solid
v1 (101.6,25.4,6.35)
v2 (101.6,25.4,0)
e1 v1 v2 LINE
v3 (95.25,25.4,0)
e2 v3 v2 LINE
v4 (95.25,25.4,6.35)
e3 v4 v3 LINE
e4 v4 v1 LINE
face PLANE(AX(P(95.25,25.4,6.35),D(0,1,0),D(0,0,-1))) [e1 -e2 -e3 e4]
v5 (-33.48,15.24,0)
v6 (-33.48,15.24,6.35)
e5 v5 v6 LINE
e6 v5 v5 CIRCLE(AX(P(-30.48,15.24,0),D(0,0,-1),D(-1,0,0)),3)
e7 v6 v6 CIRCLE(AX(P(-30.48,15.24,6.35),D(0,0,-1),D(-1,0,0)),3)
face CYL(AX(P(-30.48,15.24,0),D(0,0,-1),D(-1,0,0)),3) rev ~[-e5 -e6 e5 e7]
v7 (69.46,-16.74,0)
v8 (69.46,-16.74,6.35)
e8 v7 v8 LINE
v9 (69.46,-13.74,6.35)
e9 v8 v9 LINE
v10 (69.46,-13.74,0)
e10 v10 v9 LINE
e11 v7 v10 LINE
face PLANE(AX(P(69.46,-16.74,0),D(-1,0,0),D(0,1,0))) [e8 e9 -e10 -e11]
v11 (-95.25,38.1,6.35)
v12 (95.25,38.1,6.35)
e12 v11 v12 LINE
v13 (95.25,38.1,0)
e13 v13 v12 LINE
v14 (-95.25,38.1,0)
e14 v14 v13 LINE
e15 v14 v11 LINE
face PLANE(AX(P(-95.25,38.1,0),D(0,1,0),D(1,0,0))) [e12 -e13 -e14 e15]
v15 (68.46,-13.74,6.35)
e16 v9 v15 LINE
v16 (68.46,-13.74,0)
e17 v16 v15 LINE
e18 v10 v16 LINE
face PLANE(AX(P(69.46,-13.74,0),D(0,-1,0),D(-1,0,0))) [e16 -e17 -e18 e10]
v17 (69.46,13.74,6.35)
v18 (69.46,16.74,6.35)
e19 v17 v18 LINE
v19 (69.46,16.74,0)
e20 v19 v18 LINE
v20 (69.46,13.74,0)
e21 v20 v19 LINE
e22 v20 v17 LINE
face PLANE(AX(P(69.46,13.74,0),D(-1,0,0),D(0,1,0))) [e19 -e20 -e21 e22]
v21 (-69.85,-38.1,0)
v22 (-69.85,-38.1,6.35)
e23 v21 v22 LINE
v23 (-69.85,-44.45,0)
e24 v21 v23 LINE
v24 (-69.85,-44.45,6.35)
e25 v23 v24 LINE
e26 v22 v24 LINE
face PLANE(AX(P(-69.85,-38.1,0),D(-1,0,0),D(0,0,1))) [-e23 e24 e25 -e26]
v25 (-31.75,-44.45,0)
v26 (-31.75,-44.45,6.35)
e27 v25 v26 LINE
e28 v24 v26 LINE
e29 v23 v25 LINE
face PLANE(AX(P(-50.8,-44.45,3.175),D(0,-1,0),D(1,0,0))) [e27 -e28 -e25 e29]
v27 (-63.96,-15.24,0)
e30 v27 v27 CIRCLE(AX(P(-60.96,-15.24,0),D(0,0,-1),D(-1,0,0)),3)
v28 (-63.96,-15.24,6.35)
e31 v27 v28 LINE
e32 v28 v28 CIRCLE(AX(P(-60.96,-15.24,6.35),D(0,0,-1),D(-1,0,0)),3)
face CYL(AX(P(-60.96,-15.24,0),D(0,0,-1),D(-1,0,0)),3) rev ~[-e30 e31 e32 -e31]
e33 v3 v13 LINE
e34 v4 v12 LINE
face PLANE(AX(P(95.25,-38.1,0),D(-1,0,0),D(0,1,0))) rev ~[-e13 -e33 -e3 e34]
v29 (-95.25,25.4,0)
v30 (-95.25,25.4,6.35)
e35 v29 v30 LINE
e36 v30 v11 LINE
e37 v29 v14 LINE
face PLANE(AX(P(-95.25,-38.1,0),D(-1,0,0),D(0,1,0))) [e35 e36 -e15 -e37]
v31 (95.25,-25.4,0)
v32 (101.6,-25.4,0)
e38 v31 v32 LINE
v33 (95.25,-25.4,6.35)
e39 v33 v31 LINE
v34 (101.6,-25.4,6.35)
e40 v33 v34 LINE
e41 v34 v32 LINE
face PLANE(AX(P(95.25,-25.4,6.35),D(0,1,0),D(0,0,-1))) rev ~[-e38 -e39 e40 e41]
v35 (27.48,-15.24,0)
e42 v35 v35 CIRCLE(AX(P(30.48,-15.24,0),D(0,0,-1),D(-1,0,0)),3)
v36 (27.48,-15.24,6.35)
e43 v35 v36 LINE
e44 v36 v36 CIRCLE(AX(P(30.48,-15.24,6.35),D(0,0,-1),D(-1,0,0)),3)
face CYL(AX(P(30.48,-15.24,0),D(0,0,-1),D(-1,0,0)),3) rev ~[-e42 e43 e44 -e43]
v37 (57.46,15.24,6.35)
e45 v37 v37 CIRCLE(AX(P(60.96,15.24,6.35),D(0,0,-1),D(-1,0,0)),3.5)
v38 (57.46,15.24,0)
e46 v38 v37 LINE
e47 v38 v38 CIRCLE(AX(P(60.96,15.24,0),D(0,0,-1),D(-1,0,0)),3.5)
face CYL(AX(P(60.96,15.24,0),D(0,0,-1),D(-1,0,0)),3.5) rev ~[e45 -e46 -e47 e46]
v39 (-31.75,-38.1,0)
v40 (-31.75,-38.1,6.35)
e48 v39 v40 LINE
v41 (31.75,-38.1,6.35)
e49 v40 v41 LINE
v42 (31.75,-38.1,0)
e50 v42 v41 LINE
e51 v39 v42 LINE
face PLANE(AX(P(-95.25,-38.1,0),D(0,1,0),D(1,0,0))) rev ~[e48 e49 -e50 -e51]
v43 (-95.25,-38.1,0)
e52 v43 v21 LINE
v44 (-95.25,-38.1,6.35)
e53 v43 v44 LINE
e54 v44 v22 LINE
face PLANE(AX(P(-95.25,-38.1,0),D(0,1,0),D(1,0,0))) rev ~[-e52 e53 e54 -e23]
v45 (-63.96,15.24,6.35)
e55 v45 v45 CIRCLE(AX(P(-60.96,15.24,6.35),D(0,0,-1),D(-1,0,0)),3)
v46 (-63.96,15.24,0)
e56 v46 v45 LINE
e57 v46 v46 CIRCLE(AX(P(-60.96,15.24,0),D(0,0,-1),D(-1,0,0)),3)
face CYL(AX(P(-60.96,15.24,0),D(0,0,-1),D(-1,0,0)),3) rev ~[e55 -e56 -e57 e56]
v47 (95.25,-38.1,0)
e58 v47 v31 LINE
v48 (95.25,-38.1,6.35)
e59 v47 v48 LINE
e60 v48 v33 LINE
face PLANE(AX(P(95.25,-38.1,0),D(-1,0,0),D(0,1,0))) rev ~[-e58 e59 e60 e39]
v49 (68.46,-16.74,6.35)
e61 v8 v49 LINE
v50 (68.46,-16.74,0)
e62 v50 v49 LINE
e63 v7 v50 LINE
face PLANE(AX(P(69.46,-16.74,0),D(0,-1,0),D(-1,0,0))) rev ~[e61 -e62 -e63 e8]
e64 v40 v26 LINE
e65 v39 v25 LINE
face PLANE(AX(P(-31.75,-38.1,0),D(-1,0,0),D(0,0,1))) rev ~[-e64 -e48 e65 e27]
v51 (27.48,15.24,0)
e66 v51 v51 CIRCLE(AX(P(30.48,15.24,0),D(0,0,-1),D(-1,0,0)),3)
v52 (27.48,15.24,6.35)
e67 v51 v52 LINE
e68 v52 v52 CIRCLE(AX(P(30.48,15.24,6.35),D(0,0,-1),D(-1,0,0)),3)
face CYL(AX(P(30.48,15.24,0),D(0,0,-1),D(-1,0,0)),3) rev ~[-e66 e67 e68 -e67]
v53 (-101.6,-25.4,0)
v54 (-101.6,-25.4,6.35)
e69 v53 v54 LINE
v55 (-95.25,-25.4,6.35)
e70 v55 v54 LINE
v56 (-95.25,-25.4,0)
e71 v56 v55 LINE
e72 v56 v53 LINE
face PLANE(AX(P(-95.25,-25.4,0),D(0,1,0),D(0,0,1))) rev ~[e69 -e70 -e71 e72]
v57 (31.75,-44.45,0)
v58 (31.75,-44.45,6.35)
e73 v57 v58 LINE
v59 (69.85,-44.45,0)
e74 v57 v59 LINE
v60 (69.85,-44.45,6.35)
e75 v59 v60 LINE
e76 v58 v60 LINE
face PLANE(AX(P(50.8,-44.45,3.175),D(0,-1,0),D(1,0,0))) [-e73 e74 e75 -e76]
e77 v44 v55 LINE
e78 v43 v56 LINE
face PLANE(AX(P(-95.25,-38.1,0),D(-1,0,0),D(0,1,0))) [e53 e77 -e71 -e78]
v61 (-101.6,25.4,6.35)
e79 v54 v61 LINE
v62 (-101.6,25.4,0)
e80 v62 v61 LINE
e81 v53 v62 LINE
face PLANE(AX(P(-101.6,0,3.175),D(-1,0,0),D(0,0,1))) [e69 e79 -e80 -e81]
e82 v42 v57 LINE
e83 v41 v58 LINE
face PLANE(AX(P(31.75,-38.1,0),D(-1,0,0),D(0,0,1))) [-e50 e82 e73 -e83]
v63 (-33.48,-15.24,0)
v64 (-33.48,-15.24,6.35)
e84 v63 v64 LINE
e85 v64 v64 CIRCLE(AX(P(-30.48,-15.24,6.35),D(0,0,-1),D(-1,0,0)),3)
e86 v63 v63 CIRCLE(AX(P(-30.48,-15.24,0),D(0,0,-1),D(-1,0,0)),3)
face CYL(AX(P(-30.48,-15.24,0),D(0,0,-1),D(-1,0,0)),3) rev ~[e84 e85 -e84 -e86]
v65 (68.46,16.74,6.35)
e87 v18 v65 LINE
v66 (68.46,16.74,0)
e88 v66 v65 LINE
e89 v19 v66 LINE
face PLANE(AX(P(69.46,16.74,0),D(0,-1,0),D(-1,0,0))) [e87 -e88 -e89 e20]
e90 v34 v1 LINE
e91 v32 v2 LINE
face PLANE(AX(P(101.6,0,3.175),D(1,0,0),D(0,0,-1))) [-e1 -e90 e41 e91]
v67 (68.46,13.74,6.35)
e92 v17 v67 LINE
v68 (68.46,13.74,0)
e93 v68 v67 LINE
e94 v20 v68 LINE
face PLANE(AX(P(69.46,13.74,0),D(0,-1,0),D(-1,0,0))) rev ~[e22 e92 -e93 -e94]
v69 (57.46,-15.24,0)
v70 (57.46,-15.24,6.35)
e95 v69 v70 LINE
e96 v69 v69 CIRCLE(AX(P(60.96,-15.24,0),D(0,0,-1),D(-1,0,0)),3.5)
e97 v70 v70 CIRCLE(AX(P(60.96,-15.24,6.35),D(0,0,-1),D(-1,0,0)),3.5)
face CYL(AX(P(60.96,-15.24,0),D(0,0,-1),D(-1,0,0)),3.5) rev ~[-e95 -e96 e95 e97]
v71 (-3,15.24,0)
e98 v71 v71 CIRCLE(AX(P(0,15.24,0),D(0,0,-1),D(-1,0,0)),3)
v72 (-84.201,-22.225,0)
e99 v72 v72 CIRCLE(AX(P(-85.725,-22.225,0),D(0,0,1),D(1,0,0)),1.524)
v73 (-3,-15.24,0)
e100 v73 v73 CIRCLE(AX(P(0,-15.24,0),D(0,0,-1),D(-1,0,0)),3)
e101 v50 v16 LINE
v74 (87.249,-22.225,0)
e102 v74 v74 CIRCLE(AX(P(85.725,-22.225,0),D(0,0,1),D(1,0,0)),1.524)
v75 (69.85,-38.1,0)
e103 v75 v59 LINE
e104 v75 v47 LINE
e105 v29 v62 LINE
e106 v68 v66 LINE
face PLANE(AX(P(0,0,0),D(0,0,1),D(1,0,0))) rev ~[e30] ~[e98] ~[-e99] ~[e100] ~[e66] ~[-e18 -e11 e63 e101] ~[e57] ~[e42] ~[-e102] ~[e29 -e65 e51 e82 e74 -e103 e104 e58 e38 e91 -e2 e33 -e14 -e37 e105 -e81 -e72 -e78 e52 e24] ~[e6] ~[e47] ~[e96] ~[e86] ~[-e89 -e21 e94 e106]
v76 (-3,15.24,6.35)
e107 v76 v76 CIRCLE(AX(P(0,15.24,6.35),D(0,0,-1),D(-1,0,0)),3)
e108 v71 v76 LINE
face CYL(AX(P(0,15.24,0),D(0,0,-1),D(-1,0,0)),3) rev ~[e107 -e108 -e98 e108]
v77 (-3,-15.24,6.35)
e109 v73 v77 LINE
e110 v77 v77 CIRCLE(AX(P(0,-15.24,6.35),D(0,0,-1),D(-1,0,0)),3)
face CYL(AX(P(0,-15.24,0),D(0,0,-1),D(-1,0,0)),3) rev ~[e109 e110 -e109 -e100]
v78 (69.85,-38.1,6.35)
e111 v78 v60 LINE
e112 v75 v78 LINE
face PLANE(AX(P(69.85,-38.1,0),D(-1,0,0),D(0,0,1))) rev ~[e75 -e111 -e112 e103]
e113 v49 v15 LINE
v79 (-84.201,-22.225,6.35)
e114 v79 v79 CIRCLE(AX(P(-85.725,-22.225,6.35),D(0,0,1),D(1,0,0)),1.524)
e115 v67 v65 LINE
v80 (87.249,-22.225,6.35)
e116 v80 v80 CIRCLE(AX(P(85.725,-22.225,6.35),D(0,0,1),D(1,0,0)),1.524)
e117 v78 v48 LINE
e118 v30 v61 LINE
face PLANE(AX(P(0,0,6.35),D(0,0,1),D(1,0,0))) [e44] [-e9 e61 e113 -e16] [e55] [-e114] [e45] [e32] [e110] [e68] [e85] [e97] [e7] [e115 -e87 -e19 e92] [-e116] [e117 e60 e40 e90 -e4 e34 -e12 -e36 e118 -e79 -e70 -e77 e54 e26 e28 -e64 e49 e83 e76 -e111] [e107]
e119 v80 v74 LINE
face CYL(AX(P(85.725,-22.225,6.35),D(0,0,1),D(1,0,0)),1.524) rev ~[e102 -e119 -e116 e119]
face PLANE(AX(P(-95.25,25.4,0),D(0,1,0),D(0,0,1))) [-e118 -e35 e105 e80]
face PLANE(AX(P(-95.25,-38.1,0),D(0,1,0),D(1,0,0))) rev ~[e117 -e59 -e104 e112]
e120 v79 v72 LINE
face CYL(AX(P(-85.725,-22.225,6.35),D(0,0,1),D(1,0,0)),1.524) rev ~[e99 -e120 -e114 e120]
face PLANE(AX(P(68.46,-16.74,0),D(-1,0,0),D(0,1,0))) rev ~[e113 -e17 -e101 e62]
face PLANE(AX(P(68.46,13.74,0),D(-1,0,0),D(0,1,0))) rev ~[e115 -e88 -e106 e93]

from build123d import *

# Parameters (mm, degrees)
SKETCH1_W           = 190.5
SKETCH1_H           = 76.2
BOSS_EXTRUDE1_DEPTH = 6.35
SKETCH2_W           = 6.35
SKETCH2_H           = 50.8
BOSS_EXTRUDE2_DEPTH = 6.35
SKETCH3_W           = 6.35
SKETCH3_H           = 50.8
BOSS_EXTRUDE3_DEPTH = 6.35
SKETCH4_W           = 38.1
SKETCH4_H           = 6.35
BOSS_EXTRUDE4_DEPTH = 6.35
CUT_EXTRUDE1_REACH  = 8.35
SKETCH7_R           = 3
SKETCH7_R_2         = 3.5
SKETCH7_W           = 1
SKETCH7_H           = 3
SKETCH8_R           = 1.524
CUT_EXTRUDE2_DEPTH  = 6.35


with BuildPart() as part:
    # Sketch1 → Boss-Extrude1 (new body)
    with BuildSketch(Plane.XY):
        Rectangle(SKETCH1_W, SKETCH1_H)
    extrude(amount=BOSS_EXTRUDE1_DEPTH)

    # Sketch2 → Boss-Extrude2 (add)
    with BuildSketch(Plane.ZY.offset(95.25)):
        with Locations((3.175, 0)):
            Rectangle(SKETCH2_W, SKETCH2_H)
    extrude(amount=BOSS_EXTRUDE2_DEPTH)

    # Sketch3 → Boss-Extrude3 (add)
    with BuildSketch(Plane(origin=(95.25, 0, 0), x_dir=(0, 0, -1), z_dir=(1, 0, 0))):
        with Locations((-3.175, 0)):
            Rectangle(SKETCH3_W, SKETCH3_H)
    extrude(amount=BOSS_EXTRUDE3_DEPTH)

    # Sketch4 → Boss-Extrude4 (add)
    with BuildSketch(Plane.XZ.offset(38.1)):
        with Locations((-50.8, 3.175)):
            Rectangle(SKETCH4_W, SKETCH4_H)
        with Locations((50.8, 3.175)):
            Rectangle(SKETCH4_W, SKETCH4_H)
    extrude(amount=BOSS_EXTRUDE4_DEPTH)

    # Sketch7 → Cut-Extrude1 (cut, up to next)
    with BuildSketch(Plane(origin=(0, 0, 0), x_dir=(-1, 0, 0), z_dir=(0, 0, -1)), mode=Mode.PRIVATE) as cut_extrude1_sk1:
        with Locations((-30.48, 15.24)):
            Circle(SKETCH7_R)
    cut_extrude1_tool1 = extrude(cut_extrude1_sk1.sketch, amount=-CUT_EXTRUDE1_REACH, mode=Mode.PRIVATE) & part.part
    add(cut_extrude1_tool1.solids().sort_by_distance((30.48, 15.24, 0))[0], mode=Mode.SUBTRACT)
    # Sketch7 → Cut-Extrude1 (cut, up to next)
    with BuildSketch(Plane(origin=(0, 0, 0), x_dir=(-1, 0, 0), z_dir=(0, 0, -1)), mode=Mode.PRIVATE) as cut_extrude1_sk2:
        with Locations((0, 15.24)):
            Circle(SKETCH7_R)
    cut_extrude1_tool2 = extrude(cut_extrude1_sk2.sketch, amount=-CUT_EXTRUDE1_REACH, mode=Mode.PRIVATE) & part.part
    add(cut_extrude1_tool2.solids().sort_by_distance((0, 15.24, 0))[0], mode=Mode.SUBTRACT)
    # Sketch7 → Cut-Extrude1 (cut, up to next)
    with BuildSketch(Plane(origin=(0, 0, 0), x_dir=(-1, 0, 0), z_dir=(0, 0, -1)), mode=Mode.PRIVATE) as cut_extrude1_sk3:
        with Locations((30.48, 15.24)):
            Circle(SKETCH7_R)
    cut_extrude1_tool3 = extrude(cut_extrude1_sk3.sketch, amount=-CUT_EXTRUDE1_REACH, mode=Mode.PRIVATE) & part.part
    add(cut_extrude1_tool3.solids().sort_by_distance((-30.48, 15.24, 0))[0], mode=Mode.SUBTRACT)
    # Sketch7 → Cut-Extrude1 (cut, up to next)
    with BuildSketch(Plane(origin=(0, 0, 0), x_dir=(-1, 0, 0), z_dir=(0, 0, -1)), mode=Mode.PRIVATE) as cut_extrude1_sk4:
        with Locations((60.96, 15.24)):
            Circle(SKETCH7_R)
    cut_extrude1_tool4 = extrude(cut_extrude1_sk4.sketch, amount=-CUT_EXTRUDE1_REACH, mode=Mode.PRIVATE) & part.part
    add(cut_extrude1_tool4.solids().sort_by_distance((-60.96, 15.24, 0))[0], mode=Mode.SUBTRACT)
    # Sketch7 → Cut-Extrude1 (cut, up to next)
    with BuildSketch(Plane(origin=(0, 0, 0), x_dir=(-1, 0, 0), z_dir=(0, 0, -1)), mode=Mode.PRIVATE) as cut_extrude1_sk5:
        with Locations((0, -15.24)):
            Circle(SKETCH7_R)
    cut_extrude1_tool5 = extrude(cut_extrude1_sk5.sketch, amount=-CUT_EXTRUDE1_REACH, mode=Mode.PRIVATE) & part.part
    add(cut_extrude1_tool5.solids().sort_by_distance((0, -15.24, 0))[0], mode=Mode.SUBTRACT)
    # Sketch7 → Cut-Extrude1 (cut, up to next)
    with BuildSketch(Plane(origin=(0, 0, 0), x_dir=(-1, 0, 0), z_dir=(0, 0, -1)), mode=Mode.PRIVATE) as cut_extrude1_sk6:
        with Locations((30.48, -15.24)):
            Circle(SKETCH7_R)
    cut_extrude1_tool6 = extrude(cut_extrude1_sk6.sketch, amount=-CUT_EXTRUDE1_REACH, mode=Mode.PRIVATE) & part.part
    add(cut_extrude1_tool6.solids().sort_by_distance((-30.48, -15.24, 0))[0], mode=Mode.SUBTRACT)
    # Sketch7 → Cut-Extrude1 (cut, up to next)
    with BuildSketch(Plane(origin=(0, 0, 0), x_dir=(-1, 0, 0), z_dir=(0, 0, -1)), mode=Mode.PRIVATE) as cut_extrude1_sk7:
        with Locations((60.96, -15.24)):
            Circle(SKETCH7_R)
    cut_extrude1_tool7 = extrude(cut_extrude1_sk7.sketch, amount=-CUT_EXTRUDE1_REACH, mode=Mode.PRIVATE) & part.part
    add(cut_extrude1_tool7.solids().sort_by_distance((-60.96, -15.24, 0))[0], mode=Mode.SUBTRACT)
    # Sketch7 → Cut-Extrude1 (cut, up to next)
    with BuildSketch(Plane(origin=(0, 0, 0), x_dir=(-1, 0, 0), z_dir=(0, 0, -1)), mode=Mode.PRIVATE) as cut_extrude1_sk8:
        with Locations((-30.48, -15.24)):
            Circle(SKETCH7_R)
    cut_extrude1_tool8 = extrude(cut_extrude1_sk8.sketch, amount=-CUT_EXTRUDE1_REACH, mode=Mode.PRIVATE) & part.part
    add(cut_extrude1_tool8.solids().sort_by_distance((30.48, -15.24, 0))[0], mode=Mode.SUBTRACT)
    # Sketch7 → Cut-Extrude1 (cut, up to next)
    with BuildSketch(Plane(origin=(0, 0, 0), x_dir=(-1, 0, 0), z_dir=(0, 0, -1)), mode=Mode.PRIVATE) as cut_extrude1_sk9:
        with Locations((-60.96, 15.24)):
            Circle(SKETCH7_R_2)
    cut_extrude1_tool9 = extrude(cut_extrude1_sk9.sketch, amount=-CUT_EXTRUDE1_REACH, mode=Mode.PRIVATE) & part.part
    add(cut_extrude1_tool9.solids().sort_by_distance((60.96, 15.24, 0))[0], mode=Mode.SUBTRACT)
    # Sketch7 → Cut-Extrude1 (cut, up to next)
    with BuildSketch(Plane(origin=(0, 0, 0), x_dir=(-1, 0, 0), z_dir=(0, 0, -1)), mode=Mode.PRIVATE) as cut_extrude1_sk10:
        with Locations((-60.96, -15.24)):
            Circle(SKETCH7_R_2)
    cut_extrude1_tool10 = extrude(cut_extrude1_sk10.sketch, amount=-CUT_EXTRUDE1_REACH, mode=Mode.PRIVATE) & part.part
    add(cut_extrude1_tool10.solids().sort_by_distance((60.96, -15.24, 0))[0], mode=Mode.SUBTRACT)
    # Sketch7 → Cut-Extrude1 (cut, up to next)
    with BuildSketch(Plane(origin=(0, 0, 0), x_dir=(-1, 0, 0), z_dir=(0, 0, -1)), mode=Mode.PRIVATE) as cut_extrude1_sk11:
        with Locations((-68.96, 15.24)):
            Rectangle(SKETCH7_W, SKETCH7_H)
    cut_extrude1_tool11 = extrude(cut_extrude1_sk11.sketch, amount=-CUT_EXTRUDE1_REACH, mode=Mode.PRIVATE) & part.part
    add(cut_extrude1_tool11.solids().sort_by_distance((68.96, 15.24, 0))[0], mode=Mode.SUBTRACT)
    # Sketch7 → Cut-Extrude1 (cut, up to next)
    with BuildSketch(Plane(origin=(0, 0, 0), x_dir=(-1, 0, 0), z_dir=(0, 0, -1)), mode=Mode.PRIVATE) as cut_extrude1_sk12:
        with Locations((-68.96, -15.24)):
            Rectangle(SKETCH7_W, SKETCH7_H)
    cut_extrude1_tool12 = extrude(cut_extrude1_sk12.sketch, amount=-CUT_EXTRUDE1_REACH, mode=Mode.PRIVATE) & part.part
    add(cut_extrude1_tool12.solids().sort_by_distance((68.96, -15.24, 0))[0], mode=Mode.SUBTRACT)

    # Sketch8 → Cut-Extrude2 (cut)
    with BuildSketch(Plane(origin=(23.763692911, 98.5857123, 6.35), x_dir=(1, 0, 0), z_dir=(0, 0, 1))):
        with Locations((-109.488692911, -120.8107123)):
            Circle(SKETCH8_R)
        with Locations((61.961307089, -120.8107123)):
            Circle(SKETCH8_R)
    extrude(amount=-CUT_EXTRUDE2_DEPTH, mode=Mode.SUBTRACT)


solid = part.part
